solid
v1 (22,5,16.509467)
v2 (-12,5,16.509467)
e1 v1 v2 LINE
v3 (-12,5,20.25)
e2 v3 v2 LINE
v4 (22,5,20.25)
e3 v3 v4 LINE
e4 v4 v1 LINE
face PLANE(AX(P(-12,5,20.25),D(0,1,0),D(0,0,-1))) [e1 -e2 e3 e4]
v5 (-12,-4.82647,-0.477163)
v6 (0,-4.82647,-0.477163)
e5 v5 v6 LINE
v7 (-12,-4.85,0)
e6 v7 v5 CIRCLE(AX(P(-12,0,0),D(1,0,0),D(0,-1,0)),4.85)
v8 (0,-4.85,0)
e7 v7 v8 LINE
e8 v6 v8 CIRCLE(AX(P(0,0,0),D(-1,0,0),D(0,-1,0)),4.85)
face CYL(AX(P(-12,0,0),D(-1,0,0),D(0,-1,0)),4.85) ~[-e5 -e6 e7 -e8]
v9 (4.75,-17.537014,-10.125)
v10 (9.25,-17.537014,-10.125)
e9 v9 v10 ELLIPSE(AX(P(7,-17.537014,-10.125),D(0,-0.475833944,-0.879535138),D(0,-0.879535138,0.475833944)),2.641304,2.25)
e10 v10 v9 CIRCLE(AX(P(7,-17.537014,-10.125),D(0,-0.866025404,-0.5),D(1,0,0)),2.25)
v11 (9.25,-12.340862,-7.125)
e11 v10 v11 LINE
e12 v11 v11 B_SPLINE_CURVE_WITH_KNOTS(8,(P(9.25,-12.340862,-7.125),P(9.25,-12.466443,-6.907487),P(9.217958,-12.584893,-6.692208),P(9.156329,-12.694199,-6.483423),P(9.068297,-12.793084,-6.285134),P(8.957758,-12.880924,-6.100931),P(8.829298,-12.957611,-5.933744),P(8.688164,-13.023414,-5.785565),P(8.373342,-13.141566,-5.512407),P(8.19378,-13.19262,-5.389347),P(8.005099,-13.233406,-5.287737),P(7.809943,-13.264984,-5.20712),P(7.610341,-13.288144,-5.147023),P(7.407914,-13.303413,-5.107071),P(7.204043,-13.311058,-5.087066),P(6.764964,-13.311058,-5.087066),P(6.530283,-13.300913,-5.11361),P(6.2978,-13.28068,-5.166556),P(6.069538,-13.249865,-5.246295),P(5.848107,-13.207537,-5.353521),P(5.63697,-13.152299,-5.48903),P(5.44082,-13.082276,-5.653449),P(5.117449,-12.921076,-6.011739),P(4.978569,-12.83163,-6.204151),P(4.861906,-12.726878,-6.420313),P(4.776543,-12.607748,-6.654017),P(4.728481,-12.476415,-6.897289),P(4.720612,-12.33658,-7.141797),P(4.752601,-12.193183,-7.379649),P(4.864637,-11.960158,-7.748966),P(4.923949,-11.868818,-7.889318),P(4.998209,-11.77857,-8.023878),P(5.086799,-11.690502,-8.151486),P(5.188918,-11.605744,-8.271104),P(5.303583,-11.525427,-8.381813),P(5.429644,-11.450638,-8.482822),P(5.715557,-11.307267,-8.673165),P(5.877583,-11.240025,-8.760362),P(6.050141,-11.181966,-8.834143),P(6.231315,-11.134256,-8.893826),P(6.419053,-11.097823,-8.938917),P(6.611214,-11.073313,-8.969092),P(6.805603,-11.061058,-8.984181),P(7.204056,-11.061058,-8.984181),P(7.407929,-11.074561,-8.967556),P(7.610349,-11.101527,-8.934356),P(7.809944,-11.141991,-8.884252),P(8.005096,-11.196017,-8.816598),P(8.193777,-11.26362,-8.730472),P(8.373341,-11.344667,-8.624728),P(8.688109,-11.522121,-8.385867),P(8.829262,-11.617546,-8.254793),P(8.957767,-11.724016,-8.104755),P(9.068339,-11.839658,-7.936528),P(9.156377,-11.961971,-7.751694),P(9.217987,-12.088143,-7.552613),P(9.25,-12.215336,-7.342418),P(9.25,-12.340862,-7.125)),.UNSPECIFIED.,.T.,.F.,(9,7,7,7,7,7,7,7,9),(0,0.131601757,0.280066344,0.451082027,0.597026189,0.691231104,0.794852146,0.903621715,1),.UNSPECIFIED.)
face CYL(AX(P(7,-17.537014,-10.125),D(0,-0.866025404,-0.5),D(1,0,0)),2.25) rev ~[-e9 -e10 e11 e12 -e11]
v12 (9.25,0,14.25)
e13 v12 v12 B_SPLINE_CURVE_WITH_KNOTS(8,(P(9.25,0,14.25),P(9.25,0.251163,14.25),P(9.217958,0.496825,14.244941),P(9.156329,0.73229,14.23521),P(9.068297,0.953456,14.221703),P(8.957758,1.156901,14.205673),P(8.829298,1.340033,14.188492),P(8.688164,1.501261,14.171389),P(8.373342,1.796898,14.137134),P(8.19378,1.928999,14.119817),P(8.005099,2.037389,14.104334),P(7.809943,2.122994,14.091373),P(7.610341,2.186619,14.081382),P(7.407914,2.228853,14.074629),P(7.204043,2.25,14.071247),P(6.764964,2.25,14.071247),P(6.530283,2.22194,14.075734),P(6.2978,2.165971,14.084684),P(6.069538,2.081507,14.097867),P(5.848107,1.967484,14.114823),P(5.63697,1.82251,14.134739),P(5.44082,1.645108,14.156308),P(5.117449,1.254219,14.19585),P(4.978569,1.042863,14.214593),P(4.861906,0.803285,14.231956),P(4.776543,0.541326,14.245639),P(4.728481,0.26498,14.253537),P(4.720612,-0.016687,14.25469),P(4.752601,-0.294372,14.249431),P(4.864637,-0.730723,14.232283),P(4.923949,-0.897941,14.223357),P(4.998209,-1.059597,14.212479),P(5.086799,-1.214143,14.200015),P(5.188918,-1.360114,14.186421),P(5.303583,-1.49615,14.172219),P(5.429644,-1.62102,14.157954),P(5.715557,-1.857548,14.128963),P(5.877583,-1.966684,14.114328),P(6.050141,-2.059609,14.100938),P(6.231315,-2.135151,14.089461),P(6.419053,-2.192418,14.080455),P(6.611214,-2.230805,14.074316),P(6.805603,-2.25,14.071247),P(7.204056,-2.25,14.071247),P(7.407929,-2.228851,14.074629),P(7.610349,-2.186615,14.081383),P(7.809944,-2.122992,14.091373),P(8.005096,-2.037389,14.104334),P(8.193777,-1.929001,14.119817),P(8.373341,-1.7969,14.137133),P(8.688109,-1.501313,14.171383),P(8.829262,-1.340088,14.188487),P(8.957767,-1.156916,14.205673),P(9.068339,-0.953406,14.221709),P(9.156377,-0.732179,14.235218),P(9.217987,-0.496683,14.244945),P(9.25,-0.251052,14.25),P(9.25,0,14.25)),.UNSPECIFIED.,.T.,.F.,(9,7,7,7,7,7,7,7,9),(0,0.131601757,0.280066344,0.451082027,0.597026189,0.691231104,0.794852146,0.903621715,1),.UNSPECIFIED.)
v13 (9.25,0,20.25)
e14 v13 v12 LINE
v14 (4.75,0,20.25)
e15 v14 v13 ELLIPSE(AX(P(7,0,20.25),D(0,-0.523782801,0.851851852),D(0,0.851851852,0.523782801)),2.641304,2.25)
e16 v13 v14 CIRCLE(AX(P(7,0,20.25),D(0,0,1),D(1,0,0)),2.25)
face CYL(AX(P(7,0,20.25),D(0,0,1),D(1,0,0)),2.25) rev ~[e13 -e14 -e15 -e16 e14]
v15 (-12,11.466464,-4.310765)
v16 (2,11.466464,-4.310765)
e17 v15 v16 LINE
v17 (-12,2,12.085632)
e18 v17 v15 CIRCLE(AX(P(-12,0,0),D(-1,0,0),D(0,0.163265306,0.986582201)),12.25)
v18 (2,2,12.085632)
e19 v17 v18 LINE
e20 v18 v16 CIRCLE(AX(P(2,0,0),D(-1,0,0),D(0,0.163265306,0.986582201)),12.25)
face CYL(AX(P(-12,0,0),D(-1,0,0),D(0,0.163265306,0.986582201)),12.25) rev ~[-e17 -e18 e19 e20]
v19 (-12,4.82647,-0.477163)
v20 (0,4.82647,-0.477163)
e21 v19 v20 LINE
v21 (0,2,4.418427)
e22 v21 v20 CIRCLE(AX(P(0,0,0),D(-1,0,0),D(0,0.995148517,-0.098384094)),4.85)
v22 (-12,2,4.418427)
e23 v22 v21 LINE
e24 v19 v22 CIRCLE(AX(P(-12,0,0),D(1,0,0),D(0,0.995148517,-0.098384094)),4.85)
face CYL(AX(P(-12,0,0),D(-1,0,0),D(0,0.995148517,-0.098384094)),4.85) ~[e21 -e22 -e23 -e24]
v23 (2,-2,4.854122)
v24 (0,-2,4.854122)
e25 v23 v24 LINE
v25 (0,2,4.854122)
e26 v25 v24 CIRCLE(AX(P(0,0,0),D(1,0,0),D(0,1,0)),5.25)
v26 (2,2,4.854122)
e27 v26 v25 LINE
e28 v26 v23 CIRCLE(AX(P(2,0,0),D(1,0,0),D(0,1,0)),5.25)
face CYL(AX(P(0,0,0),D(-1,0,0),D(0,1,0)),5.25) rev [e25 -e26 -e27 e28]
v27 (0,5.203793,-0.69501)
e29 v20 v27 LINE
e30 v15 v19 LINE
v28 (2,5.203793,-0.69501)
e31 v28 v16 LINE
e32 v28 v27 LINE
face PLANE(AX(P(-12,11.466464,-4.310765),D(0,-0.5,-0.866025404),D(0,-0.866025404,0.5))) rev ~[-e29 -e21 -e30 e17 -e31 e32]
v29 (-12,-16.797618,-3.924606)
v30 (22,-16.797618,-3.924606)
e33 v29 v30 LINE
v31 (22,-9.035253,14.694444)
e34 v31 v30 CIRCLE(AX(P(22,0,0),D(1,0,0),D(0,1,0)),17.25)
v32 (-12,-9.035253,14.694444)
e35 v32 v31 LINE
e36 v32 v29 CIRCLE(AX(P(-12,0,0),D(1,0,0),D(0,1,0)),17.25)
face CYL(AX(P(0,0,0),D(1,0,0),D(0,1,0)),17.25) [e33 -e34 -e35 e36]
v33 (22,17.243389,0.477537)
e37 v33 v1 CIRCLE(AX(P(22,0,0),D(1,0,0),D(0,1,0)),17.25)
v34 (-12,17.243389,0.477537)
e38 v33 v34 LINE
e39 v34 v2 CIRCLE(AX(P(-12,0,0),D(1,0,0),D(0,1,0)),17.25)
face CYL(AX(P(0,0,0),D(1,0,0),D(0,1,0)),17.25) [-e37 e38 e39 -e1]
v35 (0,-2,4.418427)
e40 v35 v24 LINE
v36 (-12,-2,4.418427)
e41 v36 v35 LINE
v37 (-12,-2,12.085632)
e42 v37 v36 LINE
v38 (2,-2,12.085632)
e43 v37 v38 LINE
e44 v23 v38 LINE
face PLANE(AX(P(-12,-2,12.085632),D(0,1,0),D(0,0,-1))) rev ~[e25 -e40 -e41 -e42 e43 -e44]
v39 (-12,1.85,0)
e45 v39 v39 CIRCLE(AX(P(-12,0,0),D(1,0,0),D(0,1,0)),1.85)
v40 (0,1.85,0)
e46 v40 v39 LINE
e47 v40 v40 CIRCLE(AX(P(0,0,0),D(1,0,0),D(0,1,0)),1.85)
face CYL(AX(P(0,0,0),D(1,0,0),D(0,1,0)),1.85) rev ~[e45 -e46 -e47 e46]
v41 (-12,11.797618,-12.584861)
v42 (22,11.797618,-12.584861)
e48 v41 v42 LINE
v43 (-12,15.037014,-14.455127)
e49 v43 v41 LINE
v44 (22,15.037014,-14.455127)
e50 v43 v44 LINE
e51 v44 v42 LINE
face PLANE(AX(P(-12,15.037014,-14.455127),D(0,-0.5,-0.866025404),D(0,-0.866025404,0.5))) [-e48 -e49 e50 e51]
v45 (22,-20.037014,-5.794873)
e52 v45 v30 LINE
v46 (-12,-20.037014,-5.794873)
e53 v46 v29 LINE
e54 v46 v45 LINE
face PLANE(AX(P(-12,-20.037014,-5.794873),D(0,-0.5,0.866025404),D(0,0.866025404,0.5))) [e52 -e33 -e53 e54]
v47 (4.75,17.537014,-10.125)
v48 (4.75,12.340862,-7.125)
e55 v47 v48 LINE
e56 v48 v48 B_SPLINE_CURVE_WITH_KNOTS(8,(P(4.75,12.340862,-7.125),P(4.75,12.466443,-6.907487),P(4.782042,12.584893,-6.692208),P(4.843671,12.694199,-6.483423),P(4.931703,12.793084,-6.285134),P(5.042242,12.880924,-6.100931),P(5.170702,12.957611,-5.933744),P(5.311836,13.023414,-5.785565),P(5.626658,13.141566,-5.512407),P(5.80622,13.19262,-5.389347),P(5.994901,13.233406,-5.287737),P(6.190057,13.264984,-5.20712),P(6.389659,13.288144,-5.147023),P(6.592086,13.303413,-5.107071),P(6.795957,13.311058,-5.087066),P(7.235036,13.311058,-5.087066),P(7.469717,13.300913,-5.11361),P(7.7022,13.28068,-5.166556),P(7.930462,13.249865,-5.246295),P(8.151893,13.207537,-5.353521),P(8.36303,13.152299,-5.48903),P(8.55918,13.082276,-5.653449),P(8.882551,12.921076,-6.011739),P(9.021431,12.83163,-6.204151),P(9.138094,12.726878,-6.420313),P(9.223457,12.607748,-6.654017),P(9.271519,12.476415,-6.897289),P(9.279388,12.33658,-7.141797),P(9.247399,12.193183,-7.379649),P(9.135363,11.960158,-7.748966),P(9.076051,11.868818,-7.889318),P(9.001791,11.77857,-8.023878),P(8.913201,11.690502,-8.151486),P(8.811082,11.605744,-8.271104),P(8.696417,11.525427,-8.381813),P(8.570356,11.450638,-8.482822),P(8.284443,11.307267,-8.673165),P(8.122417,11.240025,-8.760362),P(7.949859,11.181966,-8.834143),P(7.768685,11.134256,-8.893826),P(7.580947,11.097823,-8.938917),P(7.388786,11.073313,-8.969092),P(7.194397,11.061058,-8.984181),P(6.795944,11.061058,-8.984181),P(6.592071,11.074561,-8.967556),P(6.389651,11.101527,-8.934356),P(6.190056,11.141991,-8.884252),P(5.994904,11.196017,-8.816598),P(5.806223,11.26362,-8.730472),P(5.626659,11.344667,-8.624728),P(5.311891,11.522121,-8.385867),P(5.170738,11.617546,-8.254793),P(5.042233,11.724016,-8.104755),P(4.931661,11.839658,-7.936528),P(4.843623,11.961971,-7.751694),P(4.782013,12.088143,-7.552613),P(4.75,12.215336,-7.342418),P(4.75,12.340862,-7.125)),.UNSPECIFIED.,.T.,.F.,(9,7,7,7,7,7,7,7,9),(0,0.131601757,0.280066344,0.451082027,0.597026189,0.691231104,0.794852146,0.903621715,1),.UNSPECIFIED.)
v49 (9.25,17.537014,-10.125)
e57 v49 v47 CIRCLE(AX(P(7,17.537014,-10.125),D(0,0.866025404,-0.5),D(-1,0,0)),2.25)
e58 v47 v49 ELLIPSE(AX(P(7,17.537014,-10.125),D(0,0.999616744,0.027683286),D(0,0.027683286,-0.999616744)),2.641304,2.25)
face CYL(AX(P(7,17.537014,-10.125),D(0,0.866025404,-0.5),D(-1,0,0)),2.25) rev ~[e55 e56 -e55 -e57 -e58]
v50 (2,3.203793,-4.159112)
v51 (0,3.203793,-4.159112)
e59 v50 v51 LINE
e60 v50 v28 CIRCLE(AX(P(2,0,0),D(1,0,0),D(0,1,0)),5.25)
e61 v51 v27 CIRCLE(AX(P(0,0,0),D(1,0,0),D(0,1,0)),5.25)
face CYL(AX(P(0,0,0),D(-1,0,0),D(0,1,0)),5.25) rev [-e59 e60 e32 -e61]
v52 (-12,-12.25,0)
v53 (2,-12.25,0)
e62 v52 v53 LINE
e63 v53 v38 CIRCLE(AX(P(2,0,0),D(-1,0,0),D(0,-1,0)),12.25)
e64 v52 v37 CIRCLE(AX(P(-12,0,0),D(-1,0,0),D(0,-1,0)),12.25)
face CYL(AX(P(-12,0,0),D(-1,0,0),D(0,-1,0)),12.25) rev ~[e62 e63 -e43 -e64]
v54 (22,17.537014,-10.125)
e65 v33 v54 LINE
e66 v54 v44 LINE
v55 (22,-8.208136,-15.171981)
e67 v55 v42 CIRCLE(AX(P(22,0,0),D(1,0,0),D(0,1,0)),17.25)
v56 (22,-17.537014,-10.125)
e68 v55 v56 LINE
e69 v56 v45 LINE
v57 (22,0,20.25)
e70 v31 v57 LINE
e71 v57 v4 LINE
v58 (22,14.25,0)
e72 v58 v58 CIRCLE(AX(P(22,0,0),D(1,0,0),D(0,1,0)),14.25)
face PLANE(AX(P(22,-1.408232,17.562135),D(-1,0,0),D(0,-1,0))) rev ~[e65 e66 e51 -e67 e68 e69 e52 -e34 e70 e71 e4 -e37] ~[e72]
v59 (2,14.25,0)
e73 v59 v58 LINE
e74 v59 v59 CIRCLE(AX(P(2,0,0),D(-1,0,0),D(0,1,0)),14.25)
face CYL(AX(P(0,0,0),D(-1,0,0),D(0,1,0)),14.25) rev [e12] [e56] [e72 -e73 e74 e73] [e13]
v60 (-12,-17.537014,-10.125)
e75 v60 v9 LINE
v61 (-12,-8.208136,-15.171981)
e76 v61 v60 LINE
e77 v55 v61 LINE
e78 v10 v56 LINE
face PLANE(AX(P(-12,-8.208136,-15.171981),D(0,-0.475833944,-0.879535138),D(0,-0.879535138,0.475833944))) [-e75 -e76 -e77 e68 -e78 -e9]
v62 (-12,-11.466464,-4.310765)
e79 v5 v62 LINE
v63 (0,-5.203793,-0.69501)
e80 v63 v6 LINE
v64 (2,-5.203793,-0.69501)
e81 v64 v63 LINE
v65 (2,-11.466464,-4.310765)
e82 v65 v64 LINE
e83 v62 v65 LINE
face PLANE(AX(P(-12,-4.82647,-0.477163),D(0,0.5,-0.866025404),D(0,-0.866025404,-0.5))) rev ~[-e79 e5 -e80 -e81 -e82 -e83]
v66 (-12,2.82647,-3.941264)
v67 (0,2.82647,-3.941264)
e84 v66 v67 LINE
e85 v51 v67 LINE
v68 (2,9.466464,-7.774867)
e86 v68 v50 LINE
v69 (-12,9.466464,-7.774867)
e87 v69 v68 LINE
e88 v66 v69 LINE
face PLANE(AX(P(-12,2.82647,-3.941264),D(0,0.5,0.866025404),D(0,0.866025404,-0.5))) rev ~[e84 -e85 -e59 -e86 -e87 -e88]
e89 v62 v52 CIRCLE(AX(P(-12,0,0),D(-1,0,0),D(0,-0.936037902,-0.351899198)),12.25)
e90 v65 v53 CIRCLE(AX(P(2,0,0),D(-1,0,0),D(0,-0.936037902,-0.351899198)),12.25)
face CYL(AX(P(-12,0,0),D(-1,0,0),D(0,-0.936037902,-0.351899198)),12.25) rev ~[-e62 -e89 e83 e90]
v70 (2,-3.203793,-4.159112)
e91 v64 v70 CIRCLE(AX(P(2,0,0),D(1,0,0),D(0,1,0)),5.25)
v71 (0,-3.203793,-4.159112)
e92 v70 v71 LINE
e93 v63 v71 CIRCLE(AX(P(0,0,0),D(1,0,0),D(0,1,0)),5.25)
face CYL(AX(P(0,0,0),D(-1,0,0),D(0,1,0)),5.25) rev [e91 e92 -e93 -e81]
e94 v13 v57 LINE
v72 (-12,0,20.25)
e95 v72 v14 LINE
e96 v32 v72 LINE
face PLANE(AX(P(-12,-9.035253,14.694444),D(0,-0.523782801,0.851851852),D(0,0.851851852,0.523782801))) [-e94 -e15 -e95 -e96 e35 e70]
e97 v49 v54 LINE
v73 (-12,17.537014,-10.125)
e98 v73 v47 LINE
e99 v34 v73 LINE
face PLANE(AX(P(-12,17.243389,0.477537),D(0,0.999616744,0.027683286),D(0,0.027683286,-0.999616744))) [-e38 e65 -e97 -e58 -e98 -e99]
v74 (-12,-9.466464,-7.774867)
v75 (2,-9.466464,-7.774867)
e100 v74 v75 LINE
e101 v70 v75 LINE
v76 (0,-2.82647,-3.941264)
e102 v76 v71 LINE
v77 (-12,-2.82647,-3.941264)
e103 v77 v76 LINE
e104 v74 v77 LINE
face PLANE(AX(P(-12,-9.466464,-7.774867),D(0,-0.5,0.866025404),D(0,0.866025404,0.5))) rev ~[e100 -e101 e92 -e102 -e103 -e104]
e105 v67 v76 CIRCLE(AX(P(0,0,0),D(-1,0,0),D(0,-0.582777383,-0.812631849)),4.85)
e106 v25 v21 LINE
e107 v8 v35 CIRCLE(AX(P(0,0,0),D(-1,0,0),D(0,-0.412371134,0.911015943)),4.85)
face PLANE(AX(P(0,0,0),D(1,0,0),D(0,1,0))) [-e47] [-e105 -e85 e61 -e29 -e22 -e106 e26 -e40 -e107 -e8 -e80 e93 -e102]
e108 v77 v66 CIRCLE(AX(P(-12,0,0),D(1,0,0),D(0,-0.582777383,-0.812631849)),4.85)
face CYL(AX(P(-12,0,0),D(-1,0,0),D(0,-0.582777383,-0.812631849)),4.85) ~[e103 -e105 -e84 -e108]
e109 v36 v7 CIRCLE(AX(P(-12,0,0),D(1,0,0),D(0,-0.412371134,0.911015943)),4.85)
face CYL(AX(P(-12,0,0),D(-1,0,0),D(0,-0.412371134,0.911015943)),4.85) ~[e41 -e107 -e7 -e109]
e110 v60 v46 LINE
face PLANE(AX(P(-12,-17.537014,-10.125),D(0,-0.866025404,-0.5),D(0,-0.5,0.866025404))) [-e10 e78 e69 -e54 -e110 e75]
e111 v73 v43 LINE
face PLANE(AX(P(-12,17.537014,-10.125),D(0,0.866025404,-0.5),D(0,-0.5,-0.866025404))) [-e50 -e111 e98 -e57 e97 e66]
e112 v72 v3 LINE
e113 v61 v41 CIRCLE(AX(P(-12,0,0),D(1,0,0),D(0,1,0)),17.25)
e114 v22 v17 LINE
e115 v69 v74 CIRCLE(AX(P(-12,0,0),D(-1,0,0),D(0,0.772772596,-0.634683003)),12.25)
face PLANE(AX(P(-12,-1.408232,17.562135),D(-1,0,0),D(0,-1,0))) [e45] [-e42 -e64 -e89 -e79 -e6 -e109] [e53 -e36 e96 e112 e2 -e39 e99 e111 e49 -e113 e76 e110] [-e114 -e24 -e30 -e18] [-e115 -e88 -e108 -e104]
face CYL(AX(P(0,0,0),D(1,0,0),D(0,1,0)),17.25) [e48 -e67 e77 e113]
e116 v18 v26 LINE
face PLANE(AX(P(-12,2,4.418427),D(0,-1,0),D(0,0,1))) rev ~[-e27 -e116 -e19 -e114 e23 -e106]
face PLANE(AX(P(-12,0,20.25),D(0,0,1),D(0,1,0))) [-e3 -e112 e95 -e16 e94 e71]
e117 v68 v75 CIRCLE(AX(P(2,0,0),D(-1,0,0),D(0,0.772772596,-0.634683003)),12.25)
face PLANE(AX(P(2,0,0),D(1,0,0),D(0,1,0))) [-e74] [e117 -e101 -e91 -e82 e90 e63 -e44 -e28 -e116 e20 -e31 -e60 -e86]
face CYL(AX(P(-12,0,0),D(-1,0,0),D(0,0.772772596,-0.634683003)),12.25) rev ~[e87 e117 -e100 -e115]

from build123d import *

# Parameters (mm, degrees)
F0_R      = 17.25
F0_R_2    = 14.25
F1_DEPTH  = 22
F0_R_3    = 5.25
F2_DEPTH  = 2
F0_R_4    = 1.85
F3_DEPTH  = 12
F5_DEPTH  = 34
F7_DEPTH  = 7.1787528205
F8_R      = 2.25
F10_DEPTH = 7.1787528205
F9_R      = 2.25
F11_DEPTH = 7.1787528205
F13_DEPTH = 25


with BuildPart() as f1:
    # F0 (on Right) → F1 (new body)
    with BuildSketch(Plane.YZ):
        Circle(F0_R)
        Circle(F0_R_2, mode=Mode.SUBTRACT)
    extrude(amount=F1_DEPTH)

    # F0 (on Right) → F2 (join)
    with BuildSketch(Plane.YZ):
        Circle(F0_R)
        Circle(F0_R_2, mode=Mode.SUBTRACT)
        Circle(F0_R_2)
        Circle(F0_R_3, mode=Mode.SUBTRACT)
    extrude(amount=F2_DEPTH)

    # F0 (on Right) → F3 (join)
    with BuildSketch(Plane.YZ):
        Circle(F0_R)
        Circle(F0_R_2, mode=Mode.SUBTRACT)
        Circle(F0_R_2)
        Circle(F0_R_3, mode=Mode.SUBTRACT)
        Circle(F0_R_3)
        Circle(F0_R_4, mode=Mode.SUBTRACT)
    extrude(amount=-F3_DEPTH)

    # F4 (on face) → F5 (join, through all)
    with BuildSketch(Plane(origin=(-12, 0, 0), x_dir=(0, -1, 0), z_dir=(-1, 0, 0))):
        with BuildLine():
            Line((-5, 20.25), (-5, 16.5094669811))
            ThreePointArc((-5, 16.5094669811), (2.2123277405, 17.1075452935), (9.0352533152, 14.6944444444))
            Line((9.0352533152, 14.6944444444), (0, 20.25))
            Line((0, 20.25), (-5, 20.25))
        make_face()
        with BuildLine():
            Line((-15.0370144266, -14.4551270189), (-11.7976178086, -12.5848605095))
            ThreePointArc((-11.7976178086, -12.5848605095), (-15.9217326908, -6.6378406219), (-17.243388841, 0.4775366783))
            Line((-17.243388841, 0.4775366783), (-17.5370144266, -10.125))
            Line((-17.5370144266, -10.125), (-15.0370144266, -14.4551270189))
        make_face()
        with BuildLine():
            Line((20.0370144266, -5.7948729811), (16.7976178086, -3.9246064716))
            ThreePointArc((16.7976178086, -3.9246064716), (13.7094049503, -10.4697046715), (8.2081355258, -15.1719811228))
            Line((8.2081355258, -15.1719811228), (17.5370144266, -10.125))
            Line((17.5370144266, -10.125), (20.0370144266, -5.7948729811))
        make_face()
    extrude(amount=-F5_DEPTH)

    # F6 (on face) → F7 (cut, up to face)
    with BuildSketch(Plane.XY.offset(20.25)):
        with BuildLine():
            ThreePointArc((4.75, 0), (7, -2.25), (9.25, 0))
            Line((9.25, 0), (4.75, 0))
        make_face()
        with BuildLine():
            Line((4.75, 0), (9.25, 0))
            ThreePointArc((9.25, 0), (7, 2.25), (4.75, 0))
        make_face()
    extrude(amount=-F7_DEPTH, mode=Mode.SUBTRACT)

    # F8 (on face) → F10 (cut, up to face)
    with BuildSketch(Plane(origin=(0, 17.5370144266, -10.125), x_dir=(-1, 0, 0), z_dir=(0, 0.8660254038, -0.5))):
        with Locations((-7, 0)):
            Circle(F8_R)
    extrude(amount=-F10_DEPTH, mode=Mode.SUBTRACT)

    # F9 (on face) → F11 (cut, up to face)
    with BuildSketch(Plane(origin=(0, -17.5370144266, -10.125), x_dir=(1, 0, 0), z_dir=(0, -0.8660254038, -0.5))):
        with Locations((7, 0)):
            Circle(F9_R)
    extrude(amount=-F11_DEPTH, mode=Mode.SUBTRACT)

    # F12 (on face) → F13 (cut)
    with BuildSketch(Plane(origin=(-12, 0, 0), x_dir=(0, -1, 0), z_dir=(-1, 0, 0))):
        with BuildLine():
            ThreePointArc((-4.8264703056, -0.4771628534), (-4.2002232084, 2.425), (-2, 4.418427322))
            Line((-2, 4.418427322), (-2, 12.0856319653))
            ThreePointArc((-2, 12.0856319653), (-10.6088111964, 6.125), (-11.4664643027, -4.3107651751))
            Line((-11.4664643027, -4.3107651751), (-4.8264703056, -0.4771628534))
        make_face()
        with BuildLine():
            ThreePointArc((2, 4.418427322), (4.0756901256, 2.6289256361), (4.85, 0))
            ThreePointArc((4.85, 0), (4.8441140048, -0.2388713227), (4.8264703056, -0.4771628534))
            Line((4.8264703056, -0.4771628534), (11.4664643027, -4.3107651751))
            ThreePointArc((11.4664643027, -4.3107651751), (12.0525243768, -2.1906976391), (12.25, 0))
            ThreePointArc((12.25, 0), (9.3424434705, 7.9234619959), (2, 12.0856319653))
            Line((2, 12.0856319653), (2, 4.418427322))
        make_face()
        with BuildLine():
            Line((9.4664643027, -7.7748667902), (2.8264703056, -3.9412644686))
            ThreePointArc((2.8264703056, -3.9412644686), (0, -4.85), (-2.8264703056, -3.9412644686))
            Line((-2.8264703056, -3.9412644686), (-9.4664643027, -7.7748667902))
            ThreePointArc((-9.4664643027, -7.7748667902), (0, -12.25), (9.4664643027, -7.7748667902))
        make_face()
    extrude(amount=-F13_DEPTH, mode=Mode.SUBTRACT)


solid = f1.part
